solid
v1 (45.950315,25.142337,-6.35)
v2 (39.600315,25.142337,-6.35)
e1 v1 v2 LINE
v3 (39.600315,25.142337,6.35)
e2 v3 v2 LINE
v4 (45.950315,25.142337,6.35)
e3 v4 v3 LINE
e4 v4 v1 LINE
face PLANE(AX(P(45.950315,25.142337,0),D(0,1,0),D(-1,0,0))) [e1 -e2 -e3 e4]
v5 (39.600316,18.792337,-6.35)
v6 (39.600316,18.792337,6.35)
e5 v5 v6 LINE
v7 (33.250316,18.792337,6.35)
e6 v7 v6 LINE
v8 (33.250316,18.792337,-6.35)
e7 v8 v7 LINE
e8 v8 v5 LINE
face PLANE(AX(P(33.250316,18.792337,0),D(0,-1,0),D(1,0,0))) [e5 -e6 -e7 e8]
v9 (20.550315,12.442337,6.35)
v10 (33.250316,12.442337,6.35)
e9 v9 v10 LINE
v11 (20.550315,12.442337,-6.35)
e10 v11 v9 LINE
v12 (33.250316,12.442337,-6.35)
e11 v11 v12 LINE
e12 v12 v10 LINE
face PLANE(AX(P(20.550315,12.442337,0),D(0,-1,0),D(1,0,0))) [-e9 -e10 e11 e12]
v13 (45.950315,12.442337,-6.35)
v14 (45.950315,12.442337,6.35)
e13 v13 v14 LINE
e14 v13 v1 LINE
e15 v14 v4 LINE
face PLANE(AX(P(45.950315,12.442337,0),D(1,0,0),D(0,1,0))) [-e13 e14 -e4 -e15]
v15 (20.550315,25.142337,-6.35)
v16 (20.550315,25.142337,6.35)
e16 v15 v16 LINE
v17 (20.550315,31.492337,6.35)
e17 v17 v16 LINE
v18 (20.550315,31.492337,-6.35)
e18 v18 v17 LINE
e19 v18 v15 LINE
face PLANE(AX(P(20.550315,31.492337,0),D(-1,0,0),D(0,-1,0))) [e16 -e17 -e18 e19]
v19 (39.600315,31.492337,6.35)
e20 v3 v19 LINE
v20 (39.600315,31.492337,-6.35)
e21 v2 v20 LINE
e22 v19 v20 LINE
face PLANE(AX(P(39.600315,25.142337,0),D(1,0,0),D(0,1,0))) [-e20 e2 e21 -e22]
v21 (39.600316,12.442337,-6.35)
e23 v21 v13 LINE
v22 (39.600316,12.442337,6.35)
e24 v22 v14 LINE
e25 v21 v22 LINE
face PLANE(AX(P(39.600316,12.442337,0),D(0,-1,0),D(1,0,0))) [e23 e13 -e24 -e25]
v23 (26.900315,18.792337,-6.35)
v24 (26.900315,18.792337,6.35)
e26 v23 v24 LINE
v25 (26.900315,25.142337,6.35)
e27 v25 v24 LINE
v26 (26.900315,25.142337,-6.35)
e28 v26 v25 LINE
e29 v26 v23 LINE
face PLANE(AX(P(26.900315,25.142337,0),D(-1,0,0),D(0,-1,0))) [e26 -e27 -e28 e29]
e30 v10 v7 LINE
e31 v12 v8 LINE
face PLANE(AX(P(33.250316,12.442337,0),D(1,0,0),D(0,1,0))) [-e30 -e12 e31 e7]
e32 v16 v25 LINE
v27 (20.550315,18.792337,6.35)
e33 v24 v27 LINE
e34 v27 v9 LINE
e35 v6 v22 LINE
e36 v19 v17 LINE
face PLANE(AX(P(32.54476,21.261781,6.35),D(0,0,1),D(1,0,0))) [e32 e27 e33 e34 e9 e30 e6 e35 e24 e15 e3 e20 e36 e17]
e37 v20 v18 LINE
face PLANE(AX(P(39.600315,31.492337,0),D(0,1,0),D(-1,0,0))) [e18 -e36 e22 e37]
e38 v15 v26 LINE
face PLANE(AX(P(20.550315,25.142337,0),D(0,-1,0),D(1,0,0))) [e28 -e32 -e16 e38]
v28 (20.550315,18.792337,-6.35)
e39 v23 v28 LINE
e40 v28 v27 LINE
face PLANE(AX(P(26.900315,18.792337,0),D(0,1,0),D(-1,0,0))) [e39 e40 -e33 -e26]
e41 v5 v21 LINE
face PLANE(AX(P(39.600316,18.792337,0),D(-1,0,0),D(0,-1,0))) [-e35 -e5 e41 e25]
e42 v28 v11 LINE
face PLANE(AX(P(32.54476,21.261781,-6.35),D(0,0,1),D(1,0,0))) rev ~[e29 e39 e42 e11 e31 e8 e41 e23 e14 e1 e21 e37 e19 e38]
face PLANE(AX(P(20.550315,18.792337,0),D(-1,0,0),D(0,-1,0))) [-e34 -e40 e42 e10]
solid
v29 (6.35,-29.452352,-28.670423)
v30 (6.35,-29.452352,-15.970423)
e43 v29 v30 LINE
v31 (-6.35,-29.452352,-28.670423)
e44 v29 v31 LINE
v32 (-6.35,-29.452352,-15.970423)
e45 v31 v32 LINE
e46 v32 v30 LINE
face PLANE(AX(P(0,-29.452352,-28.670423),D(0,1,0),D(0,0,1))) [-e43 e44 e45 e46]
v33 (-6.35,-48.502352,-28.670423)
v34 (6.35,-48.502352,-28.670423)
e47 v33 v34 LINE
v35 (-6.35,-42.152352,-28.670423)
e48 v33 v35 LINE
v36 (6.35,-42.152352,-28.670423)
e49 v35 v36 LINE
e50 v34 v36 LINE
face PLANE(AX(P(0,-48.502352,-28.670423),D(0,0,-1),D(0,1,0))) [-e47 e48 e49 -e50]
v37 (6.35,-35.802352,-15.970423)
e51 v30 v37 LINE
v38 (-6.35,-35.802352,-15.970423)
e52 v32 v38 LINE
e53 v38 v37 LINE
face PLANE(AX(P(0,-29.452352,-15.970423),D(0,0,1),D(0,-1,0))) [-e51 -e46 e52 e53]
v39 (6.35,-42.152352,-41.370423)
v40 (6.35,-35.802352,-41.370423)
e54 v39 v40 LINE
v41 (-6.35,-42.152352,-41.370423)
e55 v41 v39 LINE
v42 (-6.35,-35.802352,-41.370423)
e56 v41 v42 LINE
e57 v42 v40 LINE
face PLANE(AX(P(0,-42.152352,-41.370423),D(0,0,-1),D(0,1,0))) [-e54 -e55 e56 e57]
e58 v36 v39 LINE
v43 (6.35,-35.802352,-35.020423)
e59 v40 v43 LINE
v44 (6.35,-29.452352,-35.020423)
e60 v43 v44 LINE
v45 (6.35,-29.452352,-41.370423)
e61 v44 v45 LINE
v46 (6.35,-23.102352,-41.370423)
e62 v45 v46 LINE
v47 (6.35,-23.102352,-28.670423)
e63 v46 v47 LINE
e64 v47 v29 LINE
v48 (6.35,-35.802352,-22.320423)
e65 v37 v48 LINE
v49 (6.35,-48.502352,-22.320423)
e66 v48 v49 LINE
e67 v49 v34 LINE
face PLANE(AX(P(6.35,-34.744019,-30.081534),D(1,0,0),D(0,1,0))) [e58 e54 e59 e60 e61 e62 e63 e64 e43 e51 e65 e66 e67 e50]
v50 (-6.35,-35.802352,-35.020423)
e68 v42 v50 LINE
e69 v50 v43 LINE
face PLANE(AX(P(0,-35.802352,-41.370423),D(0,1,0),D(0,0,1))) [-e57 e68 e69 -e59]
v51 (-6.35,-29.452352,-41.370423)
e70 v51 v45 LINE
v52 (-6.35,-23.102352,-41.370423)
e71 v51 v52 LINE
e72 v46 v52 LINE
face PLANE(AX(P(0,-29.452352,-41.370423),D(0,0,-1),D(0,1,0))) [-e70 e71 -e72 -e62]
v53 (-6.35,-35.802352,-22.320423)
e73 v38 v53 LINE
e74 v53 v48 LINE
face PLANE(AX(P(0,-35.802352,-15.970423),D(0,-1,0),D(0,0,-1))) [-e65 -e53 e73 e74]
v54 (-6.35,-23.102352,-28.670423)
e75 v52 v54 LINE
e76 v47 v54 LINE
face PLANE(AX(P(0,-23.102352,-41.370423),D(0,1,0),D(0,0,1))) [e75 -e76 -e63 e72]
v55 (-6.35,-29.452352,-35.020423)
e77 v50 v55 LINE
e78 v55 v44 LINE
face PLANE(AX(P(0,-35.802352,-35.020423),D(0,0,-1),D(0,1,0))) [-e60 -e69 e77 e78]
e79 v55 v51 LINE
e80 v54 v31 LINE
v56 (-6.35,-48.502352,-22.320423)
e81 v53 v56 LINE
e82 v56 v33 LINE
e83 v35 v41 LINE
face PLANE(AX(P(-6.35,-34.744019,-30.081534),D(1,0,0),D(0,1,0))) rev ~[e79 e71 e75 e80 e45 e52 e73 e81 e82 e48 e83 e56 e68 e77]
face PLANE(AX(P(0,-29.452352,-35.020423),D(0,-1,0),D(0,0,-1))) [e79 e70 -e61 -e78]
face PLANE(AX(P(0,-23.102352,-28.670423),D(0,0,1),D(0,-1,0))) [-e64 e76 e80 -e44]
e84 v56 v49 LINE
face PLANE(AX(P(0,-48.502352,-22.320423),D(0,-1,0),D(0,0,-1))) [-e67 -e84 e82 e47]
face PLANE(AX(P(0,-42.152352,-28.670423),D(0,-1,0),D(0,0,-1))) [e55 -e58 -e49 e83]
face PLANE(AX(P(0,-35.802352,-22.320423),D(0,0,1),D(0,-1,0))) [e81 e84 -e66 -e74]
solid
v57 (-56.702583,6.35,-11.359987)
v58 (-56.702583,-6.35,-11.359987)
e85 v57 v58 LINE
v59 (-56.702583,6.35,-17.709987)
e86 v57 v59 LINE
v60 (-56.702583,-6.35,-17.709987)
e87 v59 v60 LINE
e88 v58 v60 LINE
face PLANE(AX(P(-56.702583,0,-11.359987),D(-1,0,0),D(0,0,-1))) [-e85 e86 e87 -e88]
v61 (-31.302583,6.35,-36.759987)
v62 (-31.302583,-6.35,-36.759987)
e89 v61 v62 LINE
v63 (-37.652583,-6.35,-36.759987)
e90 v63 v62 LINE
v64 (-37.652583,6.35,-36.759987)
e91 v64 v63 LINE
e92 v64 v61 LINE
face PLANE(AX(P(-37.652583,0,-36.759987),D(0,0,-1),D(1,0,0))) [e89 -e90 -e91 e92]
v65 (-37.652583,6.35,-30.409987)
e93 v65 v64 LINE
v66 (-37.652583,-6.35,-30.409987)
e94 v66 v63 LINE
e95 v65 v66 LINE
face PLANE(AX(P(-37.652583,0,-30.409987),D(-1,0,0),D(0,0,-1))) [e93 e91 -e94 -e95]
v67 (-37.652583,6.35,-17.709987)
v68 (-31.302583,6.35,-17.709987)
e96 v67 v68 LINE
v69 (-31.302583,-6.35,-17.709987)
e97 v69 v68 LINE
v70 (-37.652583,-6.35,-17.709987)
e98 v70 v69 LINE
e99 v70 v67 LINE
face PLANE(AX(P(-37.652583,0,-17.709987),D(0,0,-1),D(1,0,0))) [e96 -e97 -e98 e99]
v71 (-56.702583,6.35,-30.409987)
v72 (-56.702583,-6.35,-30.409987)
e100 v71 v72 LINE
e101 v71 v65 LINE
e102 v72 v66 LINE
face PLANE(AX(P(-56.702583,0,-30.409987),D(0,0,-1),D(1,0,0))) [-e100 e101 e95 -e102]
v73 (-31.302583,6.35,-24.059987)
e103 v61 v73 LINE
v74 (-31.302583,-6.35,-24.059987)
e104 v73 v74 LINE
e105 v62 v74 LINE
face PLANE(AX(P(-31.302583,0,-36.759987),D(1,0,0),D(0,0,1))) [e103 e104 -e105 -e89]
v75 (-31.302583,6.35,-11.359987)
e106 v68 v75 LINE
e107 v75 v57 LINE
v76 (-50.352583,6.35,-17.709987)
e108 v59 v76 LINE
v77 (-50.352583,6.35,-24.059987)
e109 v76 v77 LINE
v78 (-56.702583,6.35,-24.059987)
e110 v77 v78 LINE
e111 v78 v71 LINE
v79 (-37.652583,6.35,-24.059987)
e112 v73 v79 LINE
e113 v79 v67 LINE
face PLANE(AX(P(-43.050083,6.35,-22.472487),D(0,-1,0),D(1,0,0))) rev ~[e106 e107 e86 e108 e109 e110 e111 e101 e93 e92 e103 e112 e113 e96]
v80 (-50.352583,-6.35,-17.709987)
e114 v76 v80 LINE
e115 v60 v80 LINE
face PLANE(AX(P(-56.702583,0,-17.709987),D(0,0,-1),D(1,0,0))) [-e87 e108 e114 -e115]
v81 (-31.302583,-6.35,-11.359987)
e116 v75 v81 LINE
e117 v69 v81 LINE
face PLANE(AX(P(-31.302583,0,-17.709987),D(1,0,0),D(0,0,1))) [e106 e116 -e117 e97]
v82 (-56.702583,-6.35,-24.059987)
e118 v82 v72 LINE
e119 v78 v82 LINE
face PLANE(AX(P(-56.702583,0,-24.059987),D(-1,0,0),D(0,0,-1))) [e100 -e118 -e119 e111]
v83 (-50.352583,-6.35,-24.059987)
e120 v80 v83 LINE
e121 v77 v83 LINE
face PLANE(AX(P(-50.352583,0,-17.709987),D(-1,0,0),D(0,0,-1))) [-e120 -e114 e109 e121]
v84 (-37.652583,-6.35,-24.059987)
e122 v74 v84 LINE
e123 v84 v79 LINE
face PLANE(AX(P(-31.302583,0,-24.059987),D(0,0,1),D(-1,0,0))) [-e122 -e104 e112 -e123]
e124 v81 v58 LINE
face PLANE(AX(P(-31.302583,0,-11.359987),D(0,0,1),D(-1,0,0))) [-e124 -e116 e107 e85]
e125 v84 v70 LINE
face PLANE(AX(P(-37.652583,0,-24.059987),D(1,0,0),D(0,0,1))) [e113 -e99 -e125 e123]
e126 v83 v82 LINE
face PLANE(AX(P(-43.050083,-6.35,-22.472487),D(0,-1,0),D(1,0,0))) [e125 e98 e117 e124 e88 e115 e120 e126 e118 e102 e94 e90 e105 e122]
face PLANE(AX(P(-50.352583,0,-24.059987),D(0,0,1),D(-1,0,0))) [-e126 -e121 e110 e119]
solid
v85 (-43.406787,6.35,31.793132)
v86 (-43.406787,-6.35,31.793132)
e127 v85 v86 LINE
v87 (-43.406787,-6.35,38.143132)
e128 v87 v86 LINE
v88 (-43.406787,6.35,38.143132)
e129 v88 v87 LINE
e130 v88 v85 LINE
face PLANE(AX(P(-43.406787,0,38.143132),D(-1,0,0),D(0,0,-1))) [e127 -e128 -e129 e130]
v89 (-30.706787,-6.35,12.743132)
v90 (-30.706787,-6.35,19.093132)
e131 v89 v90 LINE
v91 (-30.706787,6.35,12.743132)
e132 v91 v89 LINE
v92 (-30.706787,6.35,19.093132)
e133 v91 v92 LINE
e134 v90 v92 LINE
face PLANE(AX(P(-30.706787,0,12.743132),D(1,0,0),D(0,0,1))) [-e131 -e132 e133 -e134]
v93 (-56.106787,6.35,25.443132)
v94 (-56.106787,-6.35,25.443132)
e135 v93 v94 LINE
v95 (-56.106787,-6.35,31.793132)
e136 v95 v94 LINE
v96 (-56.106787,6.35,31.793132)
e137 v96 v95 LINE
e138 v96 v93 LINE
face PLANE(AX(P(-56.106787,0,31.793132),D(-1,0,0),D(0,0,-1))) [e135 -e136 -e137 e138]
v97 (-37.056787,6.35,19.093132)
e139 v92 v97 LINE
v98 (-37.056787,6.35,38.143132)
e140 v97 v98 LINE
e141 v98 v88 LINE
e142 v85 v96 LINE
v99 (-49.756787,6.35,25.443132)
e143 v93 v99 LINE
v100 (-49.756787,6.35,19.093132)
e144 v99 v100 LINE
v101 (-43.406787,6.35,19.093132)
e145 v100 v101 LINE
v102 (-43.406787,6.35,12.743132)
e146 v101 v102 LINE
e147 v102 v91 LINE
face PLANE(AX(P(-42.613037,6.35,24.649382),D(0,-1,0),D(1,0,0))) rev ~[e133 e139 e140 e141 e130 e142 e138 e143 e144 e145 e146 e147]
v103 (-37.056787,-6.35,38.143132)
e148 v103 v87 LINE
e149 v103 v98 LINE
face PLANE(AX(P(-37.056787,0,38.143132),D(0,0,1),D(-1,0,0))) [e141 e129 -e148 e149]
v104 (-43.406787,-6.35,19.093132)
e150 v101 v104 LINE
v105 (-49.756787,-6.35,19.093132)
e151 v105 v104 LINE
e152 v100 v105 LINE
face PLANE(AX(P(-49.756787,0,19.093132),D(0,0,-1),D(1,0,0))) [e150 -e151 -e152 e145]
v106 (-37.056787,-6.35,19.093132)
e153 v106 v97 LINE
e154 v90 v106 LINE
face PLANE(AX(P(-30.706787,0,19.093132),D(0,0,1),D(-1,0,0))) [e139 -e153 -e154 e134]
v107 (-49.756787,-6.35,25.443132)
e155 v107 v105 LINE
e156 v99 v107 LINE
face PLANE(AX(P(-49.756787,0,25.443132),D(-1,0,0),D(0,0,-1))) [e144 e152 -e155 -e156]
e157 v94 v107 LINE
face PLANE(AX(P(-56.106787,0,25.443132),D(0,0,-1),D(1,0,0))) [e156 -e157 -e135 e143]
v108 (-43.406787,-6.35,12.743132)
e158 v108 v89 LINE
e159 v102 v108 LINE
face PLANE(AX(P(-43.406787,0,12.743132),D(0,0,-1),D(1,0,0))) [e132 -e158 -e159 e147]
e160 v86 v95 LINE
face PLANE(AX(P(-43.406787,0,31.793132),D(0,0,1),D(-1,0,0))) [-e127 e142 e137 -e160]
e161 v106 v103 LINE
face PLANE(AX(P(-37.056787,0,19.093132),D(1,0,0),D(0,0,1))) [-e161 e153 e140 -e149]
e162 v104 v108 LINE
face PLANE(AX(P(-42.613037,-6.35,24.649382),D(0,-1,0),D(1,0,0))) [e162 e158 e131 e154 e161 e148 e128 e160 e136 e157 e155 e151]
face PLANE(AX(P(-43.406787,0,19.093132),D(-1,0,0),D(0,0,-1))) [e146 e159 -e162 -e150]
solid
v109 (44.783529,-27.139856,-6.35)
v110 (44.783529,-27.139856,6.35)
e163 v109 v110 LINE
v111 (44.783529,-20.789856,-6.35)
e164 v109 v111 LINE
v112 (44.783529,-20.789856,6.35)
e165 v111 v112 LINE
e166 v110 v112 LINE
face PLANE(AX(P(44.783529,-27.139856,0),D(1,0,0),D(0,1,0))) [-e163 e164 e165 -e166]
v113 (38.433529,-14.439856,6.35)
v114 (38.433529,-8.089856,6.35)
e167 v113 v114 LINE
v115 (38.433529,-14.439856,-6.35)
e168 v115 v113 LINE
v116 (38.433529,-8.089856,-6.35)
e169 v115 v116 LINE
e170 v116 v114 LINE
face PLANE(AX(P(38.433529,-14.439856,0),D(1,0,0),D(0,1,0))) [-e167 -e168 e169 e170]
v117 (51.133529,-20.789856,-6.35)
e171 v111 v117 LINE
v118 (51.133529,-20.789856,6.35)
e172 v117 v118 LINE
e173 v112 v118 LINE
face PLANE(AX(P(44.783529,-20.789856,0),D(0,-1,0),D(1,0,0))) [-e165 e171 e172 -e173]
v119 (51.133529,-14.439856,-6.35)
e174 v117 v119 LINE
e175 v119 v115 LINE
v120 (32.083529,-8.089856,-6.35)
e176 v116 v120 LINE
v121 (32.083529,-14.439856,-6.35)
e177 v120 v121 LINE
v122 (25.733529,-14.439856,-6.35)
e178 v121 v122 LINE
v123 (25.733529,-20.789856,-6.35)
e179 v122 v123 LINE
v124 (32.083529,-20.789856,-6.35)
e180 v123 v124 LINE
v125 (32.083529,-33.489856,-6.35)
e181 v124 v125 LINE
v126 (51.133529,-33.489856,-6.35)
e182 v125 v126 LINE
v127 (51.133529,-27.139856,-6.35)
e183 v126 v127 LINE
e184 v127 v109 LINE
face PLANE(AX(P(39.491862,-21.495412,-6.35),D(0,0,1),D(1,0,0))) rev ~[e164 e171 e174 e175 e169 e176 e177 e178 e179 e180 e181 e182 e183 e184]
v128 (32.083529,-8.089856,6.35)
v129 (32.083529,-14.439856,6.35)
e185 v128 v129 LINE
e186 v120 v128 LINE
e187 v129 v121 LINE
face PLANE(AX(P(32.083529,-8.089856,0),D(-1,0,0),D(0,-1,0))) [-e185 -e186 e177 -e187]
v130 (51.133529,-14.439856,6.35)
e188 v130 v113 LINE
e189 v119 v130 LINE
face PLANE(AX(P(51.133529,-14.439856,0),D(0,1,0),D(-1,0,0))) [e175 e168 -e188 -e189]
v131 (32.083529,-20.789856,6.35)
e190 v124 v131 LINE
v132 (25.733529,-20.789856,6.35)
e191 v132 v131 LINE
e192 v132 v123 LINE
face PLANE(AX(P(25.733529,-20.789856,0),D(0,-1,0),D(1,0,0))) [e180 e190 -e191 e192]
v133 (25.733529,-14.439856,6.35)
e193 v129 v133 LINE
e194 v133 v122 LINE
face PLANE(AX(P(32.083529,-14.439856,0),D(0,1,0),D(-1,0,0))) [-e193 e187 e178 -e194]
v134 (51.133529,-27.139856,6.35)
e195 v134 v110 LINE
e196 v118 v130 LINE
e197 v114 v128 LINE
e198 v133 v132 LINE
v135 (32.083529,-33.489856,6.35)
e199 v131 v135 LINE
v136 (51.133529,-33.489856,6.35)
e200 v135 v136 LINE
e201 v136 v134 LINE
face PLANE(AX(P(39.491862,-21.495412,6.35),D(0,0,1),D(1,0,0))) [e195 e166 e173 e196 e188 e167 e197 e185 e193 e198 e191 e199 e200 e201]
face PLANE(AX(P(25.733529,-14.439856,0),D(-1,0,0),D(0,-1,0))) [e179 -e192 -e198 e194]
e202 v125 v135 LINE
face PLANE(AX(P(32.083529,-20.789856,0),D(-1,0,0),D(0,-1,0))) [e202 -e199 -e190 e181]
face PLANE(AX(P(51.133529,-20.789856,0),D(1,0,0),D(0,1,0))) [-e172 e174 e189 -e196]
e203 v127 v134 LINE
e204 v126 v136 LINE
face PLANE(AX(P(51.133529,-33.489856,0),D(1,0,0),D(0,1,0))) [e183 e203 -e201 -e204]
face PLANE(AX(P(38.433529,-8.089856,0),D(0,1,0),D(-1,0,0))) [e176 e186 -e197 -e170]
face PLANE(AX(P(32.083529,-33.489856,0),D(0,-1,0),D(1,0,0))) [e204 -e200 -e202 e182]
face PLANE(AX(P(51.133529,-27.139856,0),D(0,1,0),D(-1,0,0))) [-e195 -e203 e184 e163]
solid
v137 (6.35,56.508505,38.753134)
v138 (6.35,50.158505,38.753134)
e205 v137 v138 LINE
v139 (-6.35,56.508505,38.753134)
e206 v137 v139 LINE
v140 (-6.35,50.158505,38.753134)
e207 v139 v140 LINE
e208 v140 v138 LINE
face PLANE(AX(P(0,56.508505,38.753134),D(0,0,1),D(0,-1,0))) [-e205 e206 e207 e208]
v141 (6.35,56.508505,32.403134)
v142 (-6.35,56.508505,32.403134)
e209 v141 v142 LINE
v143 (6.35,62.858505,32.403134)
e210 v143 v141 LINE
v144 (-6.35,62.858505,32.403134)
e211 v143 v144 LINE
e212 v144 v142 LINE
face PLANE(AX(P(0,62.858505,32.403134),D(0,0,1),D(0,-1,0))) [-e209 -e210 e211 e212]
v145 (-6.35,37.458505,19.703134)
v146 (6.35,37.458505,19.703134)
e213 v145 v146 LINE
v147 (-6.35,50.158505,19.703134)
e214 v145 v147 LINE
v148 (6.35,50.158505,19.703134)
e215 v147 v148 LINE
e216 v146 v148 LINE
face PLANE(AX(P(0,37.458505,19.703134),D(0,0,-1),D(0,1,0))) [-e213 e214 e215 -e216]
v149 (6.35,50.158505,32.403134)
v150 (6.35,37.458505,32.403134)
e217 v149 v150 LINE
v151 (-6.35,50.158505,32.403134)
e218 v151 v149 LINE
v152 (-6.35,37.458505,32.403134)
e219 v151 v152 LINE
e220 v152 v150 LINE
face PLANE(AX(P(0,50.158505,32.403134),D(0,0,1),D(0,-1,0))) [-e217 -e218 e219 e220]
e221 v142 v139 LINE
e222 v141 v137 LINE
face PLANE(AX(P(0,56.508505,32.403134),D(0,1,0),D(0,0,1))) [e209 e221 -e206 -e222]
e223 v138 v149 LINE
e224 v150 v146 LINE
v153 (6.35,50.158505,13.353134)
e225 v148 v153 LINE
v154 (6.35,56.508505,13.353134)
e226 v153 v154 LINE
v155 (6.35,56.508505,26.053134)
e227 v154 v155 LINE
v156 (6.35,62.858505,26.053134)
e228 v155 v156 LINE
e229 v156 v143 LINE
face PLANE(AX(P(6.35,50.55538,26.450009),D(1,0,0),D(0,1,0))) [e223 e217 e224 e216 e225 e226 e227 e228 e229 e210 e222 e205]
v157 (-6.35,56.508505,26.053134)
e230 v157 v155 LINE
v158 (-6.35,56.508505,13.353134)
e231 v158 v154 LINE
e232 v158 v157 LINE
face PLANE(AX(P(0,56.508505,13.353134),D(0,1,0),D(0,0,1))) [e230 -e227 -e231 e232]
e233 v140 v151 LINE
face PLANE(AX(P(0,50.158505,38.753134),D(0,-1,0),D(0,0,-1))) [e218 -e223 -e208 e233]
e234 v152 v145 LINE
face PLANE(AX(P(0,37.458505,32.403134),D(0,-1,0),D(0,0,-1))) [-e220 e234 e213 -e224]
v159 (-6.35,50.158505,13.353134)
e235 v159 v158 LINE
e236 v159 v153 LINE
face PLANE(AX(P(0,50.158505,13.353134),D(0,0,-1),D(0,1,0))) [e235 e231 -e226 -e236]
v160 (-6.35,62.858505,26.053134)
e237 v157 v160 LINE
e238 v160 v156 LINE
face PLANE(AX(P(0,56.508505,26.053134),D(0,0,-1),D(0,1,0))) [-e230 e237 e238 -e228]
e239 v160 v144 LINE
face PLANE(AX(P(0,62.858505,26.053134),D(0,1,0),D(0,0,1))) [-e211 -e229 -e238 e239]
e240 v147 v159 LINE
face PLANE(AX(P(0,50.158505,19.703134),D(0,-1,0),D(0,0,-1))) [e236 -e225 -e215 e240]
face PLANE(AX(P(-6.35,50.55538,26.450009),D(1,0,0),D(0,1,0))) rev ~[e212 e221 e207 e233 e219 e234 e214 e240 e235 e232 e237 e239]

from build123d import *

# Parameters (mm, degrees)
F1_DEPTH  = 6.35
F3_DEPTH  = 6.35
F5_DEPTH  = 6.35
F7_DEPTH  = 6.35
F9_DEPTH  = 6.35
F11_DEPTH = 6.35


with BuildPart() as f1:
    # F0 (on Front) → F1 (new body, symmetric)
    with BuildSketch(Plane.XZ):
        Polygon((-37.056787, 38.143132), (-43.406787, 38.143132), (-43.406787, 31.793132), (-56.106787, 31.793132), (-56.106787, 25.443132), (-49.756787, 25.443132), (-49.756787, 19.093132), (-43.406787, 19.093132), (-43.406787, 12.743132), (-30.706787, 12.743132), (-30.706787, 19.093132), (-37.056787, 19.093132), align=None)
    extrude(amount=F1_DEPTH, both=True)


with BuildPart() as f3:
    # F2 (on Top) → F3 (new body, symmetric)
    with BuildSketch(Plane.XY):
        Polygon((39.600315, 31.492337), (20.550315, 31.492337), (20.550315, 25.142337), (26.900315, 25.142337), (26.900315, 18.792337), (20.550315, 18.792337), (20.550315, 12.442337), (33.250316, 12.442337), (33.250316, 18.792337), (39.600316, 18.792337), (39.600316, 12.442337), (45.950315, 12.442337), (45.950315, 25.142337), (39.600315, 25.142337), align=None)
    extrude(amount=F3_DEPTH, both=True)


with BuildPart() as f5:
    # F4 (on Right) → F5 (new body, symmetric)
    with BuildSketch(Plane.YZ):
        Polygon((56.508505, 38.753134), (50.158505, 38.753134), (50.158505, 32.403134), (37.458505, 32.403134), (37.458505, 19.703134), (50.158505, 19.703134), (50.158505, 13.353134), (56.508505, 13.353134), (56.508505, 26.053134), (62.858505, 26.053134), (62.858505, 32.403134), (56.508505, 32.403134), align=None)
    extrude(amount=F5_DEPTH, both=True)


with BuildPart() as f7:
    # F6 (on Front) → F7 (new body, symmetric)
    with BuildSketch(Plane.XZ):
        Polygon((-31.302583, -17.709987), (-31.302583, -11.359987), (-56.702583, -11.359987), (-56.702583, -17.709987), (-50.352583, -17.709987), (-50.352583, -24.059987), (-56.702583, -24.059987), (-56.702583, -30.409987), (-37.652583, -30.409987), (-37.652583, -36.759987), (-31.302583, -36.759987), (-31.302583, -24.059987), (-37.652583, -24.059987), (-37.652583, -17.709987), align=None)
    extrude(amount=F7_DEPTH, both=True)


with BuildPart() as f9:
    # F8 (on Top) → F9 (new body, symmetric)
    with BuildSketch(Plane.XY):
        Polygon((25.733529, -20.789856), (32.083529, -20.789856), (32.083529, -33.489856), (51.133529, -33.489856), (51.133529, -27.139856), (44.783529, -27.139856), (44.783529, -20.789856), (51.133529, -20.789856), (51.133529, -14.439856), (38.433529, -14.439856), (38.433529, -8.089856), (32.083529, -8.089856), (32.083529, -14.439856), (25.733529, -14.439856), align=None)
    extrude(amount=F9_DEPTH, both=True)


with BuildPart() as f11:
    # F10 (on Right) → F11 (new body, symmetric)
    with BuildSketch(Plane.YZ):
        Polygon((-29.452352, -28.670423), (-29.452352, -15.970423), (-35.802352, -15.970423), (-35.802352, -22.320423), (-48.502352, -22.320423), (-48.502352, -28.670423), (-42.152352, -28.670423), (-42.152352, -41.370423), (-35.802352, -41.370423), (-35.802352, -35.020423), (-29.452352, -35.020423), (-29.452352, -41.370423), (-23.102352, -41.370423), (-23.102352, -28.670423), align=None)
    extrude(amount=F11_DEPTH, both=True)


solid = Compound([f1.part, f3.part, f5.part, f7.part, f9.part, f11.part])
